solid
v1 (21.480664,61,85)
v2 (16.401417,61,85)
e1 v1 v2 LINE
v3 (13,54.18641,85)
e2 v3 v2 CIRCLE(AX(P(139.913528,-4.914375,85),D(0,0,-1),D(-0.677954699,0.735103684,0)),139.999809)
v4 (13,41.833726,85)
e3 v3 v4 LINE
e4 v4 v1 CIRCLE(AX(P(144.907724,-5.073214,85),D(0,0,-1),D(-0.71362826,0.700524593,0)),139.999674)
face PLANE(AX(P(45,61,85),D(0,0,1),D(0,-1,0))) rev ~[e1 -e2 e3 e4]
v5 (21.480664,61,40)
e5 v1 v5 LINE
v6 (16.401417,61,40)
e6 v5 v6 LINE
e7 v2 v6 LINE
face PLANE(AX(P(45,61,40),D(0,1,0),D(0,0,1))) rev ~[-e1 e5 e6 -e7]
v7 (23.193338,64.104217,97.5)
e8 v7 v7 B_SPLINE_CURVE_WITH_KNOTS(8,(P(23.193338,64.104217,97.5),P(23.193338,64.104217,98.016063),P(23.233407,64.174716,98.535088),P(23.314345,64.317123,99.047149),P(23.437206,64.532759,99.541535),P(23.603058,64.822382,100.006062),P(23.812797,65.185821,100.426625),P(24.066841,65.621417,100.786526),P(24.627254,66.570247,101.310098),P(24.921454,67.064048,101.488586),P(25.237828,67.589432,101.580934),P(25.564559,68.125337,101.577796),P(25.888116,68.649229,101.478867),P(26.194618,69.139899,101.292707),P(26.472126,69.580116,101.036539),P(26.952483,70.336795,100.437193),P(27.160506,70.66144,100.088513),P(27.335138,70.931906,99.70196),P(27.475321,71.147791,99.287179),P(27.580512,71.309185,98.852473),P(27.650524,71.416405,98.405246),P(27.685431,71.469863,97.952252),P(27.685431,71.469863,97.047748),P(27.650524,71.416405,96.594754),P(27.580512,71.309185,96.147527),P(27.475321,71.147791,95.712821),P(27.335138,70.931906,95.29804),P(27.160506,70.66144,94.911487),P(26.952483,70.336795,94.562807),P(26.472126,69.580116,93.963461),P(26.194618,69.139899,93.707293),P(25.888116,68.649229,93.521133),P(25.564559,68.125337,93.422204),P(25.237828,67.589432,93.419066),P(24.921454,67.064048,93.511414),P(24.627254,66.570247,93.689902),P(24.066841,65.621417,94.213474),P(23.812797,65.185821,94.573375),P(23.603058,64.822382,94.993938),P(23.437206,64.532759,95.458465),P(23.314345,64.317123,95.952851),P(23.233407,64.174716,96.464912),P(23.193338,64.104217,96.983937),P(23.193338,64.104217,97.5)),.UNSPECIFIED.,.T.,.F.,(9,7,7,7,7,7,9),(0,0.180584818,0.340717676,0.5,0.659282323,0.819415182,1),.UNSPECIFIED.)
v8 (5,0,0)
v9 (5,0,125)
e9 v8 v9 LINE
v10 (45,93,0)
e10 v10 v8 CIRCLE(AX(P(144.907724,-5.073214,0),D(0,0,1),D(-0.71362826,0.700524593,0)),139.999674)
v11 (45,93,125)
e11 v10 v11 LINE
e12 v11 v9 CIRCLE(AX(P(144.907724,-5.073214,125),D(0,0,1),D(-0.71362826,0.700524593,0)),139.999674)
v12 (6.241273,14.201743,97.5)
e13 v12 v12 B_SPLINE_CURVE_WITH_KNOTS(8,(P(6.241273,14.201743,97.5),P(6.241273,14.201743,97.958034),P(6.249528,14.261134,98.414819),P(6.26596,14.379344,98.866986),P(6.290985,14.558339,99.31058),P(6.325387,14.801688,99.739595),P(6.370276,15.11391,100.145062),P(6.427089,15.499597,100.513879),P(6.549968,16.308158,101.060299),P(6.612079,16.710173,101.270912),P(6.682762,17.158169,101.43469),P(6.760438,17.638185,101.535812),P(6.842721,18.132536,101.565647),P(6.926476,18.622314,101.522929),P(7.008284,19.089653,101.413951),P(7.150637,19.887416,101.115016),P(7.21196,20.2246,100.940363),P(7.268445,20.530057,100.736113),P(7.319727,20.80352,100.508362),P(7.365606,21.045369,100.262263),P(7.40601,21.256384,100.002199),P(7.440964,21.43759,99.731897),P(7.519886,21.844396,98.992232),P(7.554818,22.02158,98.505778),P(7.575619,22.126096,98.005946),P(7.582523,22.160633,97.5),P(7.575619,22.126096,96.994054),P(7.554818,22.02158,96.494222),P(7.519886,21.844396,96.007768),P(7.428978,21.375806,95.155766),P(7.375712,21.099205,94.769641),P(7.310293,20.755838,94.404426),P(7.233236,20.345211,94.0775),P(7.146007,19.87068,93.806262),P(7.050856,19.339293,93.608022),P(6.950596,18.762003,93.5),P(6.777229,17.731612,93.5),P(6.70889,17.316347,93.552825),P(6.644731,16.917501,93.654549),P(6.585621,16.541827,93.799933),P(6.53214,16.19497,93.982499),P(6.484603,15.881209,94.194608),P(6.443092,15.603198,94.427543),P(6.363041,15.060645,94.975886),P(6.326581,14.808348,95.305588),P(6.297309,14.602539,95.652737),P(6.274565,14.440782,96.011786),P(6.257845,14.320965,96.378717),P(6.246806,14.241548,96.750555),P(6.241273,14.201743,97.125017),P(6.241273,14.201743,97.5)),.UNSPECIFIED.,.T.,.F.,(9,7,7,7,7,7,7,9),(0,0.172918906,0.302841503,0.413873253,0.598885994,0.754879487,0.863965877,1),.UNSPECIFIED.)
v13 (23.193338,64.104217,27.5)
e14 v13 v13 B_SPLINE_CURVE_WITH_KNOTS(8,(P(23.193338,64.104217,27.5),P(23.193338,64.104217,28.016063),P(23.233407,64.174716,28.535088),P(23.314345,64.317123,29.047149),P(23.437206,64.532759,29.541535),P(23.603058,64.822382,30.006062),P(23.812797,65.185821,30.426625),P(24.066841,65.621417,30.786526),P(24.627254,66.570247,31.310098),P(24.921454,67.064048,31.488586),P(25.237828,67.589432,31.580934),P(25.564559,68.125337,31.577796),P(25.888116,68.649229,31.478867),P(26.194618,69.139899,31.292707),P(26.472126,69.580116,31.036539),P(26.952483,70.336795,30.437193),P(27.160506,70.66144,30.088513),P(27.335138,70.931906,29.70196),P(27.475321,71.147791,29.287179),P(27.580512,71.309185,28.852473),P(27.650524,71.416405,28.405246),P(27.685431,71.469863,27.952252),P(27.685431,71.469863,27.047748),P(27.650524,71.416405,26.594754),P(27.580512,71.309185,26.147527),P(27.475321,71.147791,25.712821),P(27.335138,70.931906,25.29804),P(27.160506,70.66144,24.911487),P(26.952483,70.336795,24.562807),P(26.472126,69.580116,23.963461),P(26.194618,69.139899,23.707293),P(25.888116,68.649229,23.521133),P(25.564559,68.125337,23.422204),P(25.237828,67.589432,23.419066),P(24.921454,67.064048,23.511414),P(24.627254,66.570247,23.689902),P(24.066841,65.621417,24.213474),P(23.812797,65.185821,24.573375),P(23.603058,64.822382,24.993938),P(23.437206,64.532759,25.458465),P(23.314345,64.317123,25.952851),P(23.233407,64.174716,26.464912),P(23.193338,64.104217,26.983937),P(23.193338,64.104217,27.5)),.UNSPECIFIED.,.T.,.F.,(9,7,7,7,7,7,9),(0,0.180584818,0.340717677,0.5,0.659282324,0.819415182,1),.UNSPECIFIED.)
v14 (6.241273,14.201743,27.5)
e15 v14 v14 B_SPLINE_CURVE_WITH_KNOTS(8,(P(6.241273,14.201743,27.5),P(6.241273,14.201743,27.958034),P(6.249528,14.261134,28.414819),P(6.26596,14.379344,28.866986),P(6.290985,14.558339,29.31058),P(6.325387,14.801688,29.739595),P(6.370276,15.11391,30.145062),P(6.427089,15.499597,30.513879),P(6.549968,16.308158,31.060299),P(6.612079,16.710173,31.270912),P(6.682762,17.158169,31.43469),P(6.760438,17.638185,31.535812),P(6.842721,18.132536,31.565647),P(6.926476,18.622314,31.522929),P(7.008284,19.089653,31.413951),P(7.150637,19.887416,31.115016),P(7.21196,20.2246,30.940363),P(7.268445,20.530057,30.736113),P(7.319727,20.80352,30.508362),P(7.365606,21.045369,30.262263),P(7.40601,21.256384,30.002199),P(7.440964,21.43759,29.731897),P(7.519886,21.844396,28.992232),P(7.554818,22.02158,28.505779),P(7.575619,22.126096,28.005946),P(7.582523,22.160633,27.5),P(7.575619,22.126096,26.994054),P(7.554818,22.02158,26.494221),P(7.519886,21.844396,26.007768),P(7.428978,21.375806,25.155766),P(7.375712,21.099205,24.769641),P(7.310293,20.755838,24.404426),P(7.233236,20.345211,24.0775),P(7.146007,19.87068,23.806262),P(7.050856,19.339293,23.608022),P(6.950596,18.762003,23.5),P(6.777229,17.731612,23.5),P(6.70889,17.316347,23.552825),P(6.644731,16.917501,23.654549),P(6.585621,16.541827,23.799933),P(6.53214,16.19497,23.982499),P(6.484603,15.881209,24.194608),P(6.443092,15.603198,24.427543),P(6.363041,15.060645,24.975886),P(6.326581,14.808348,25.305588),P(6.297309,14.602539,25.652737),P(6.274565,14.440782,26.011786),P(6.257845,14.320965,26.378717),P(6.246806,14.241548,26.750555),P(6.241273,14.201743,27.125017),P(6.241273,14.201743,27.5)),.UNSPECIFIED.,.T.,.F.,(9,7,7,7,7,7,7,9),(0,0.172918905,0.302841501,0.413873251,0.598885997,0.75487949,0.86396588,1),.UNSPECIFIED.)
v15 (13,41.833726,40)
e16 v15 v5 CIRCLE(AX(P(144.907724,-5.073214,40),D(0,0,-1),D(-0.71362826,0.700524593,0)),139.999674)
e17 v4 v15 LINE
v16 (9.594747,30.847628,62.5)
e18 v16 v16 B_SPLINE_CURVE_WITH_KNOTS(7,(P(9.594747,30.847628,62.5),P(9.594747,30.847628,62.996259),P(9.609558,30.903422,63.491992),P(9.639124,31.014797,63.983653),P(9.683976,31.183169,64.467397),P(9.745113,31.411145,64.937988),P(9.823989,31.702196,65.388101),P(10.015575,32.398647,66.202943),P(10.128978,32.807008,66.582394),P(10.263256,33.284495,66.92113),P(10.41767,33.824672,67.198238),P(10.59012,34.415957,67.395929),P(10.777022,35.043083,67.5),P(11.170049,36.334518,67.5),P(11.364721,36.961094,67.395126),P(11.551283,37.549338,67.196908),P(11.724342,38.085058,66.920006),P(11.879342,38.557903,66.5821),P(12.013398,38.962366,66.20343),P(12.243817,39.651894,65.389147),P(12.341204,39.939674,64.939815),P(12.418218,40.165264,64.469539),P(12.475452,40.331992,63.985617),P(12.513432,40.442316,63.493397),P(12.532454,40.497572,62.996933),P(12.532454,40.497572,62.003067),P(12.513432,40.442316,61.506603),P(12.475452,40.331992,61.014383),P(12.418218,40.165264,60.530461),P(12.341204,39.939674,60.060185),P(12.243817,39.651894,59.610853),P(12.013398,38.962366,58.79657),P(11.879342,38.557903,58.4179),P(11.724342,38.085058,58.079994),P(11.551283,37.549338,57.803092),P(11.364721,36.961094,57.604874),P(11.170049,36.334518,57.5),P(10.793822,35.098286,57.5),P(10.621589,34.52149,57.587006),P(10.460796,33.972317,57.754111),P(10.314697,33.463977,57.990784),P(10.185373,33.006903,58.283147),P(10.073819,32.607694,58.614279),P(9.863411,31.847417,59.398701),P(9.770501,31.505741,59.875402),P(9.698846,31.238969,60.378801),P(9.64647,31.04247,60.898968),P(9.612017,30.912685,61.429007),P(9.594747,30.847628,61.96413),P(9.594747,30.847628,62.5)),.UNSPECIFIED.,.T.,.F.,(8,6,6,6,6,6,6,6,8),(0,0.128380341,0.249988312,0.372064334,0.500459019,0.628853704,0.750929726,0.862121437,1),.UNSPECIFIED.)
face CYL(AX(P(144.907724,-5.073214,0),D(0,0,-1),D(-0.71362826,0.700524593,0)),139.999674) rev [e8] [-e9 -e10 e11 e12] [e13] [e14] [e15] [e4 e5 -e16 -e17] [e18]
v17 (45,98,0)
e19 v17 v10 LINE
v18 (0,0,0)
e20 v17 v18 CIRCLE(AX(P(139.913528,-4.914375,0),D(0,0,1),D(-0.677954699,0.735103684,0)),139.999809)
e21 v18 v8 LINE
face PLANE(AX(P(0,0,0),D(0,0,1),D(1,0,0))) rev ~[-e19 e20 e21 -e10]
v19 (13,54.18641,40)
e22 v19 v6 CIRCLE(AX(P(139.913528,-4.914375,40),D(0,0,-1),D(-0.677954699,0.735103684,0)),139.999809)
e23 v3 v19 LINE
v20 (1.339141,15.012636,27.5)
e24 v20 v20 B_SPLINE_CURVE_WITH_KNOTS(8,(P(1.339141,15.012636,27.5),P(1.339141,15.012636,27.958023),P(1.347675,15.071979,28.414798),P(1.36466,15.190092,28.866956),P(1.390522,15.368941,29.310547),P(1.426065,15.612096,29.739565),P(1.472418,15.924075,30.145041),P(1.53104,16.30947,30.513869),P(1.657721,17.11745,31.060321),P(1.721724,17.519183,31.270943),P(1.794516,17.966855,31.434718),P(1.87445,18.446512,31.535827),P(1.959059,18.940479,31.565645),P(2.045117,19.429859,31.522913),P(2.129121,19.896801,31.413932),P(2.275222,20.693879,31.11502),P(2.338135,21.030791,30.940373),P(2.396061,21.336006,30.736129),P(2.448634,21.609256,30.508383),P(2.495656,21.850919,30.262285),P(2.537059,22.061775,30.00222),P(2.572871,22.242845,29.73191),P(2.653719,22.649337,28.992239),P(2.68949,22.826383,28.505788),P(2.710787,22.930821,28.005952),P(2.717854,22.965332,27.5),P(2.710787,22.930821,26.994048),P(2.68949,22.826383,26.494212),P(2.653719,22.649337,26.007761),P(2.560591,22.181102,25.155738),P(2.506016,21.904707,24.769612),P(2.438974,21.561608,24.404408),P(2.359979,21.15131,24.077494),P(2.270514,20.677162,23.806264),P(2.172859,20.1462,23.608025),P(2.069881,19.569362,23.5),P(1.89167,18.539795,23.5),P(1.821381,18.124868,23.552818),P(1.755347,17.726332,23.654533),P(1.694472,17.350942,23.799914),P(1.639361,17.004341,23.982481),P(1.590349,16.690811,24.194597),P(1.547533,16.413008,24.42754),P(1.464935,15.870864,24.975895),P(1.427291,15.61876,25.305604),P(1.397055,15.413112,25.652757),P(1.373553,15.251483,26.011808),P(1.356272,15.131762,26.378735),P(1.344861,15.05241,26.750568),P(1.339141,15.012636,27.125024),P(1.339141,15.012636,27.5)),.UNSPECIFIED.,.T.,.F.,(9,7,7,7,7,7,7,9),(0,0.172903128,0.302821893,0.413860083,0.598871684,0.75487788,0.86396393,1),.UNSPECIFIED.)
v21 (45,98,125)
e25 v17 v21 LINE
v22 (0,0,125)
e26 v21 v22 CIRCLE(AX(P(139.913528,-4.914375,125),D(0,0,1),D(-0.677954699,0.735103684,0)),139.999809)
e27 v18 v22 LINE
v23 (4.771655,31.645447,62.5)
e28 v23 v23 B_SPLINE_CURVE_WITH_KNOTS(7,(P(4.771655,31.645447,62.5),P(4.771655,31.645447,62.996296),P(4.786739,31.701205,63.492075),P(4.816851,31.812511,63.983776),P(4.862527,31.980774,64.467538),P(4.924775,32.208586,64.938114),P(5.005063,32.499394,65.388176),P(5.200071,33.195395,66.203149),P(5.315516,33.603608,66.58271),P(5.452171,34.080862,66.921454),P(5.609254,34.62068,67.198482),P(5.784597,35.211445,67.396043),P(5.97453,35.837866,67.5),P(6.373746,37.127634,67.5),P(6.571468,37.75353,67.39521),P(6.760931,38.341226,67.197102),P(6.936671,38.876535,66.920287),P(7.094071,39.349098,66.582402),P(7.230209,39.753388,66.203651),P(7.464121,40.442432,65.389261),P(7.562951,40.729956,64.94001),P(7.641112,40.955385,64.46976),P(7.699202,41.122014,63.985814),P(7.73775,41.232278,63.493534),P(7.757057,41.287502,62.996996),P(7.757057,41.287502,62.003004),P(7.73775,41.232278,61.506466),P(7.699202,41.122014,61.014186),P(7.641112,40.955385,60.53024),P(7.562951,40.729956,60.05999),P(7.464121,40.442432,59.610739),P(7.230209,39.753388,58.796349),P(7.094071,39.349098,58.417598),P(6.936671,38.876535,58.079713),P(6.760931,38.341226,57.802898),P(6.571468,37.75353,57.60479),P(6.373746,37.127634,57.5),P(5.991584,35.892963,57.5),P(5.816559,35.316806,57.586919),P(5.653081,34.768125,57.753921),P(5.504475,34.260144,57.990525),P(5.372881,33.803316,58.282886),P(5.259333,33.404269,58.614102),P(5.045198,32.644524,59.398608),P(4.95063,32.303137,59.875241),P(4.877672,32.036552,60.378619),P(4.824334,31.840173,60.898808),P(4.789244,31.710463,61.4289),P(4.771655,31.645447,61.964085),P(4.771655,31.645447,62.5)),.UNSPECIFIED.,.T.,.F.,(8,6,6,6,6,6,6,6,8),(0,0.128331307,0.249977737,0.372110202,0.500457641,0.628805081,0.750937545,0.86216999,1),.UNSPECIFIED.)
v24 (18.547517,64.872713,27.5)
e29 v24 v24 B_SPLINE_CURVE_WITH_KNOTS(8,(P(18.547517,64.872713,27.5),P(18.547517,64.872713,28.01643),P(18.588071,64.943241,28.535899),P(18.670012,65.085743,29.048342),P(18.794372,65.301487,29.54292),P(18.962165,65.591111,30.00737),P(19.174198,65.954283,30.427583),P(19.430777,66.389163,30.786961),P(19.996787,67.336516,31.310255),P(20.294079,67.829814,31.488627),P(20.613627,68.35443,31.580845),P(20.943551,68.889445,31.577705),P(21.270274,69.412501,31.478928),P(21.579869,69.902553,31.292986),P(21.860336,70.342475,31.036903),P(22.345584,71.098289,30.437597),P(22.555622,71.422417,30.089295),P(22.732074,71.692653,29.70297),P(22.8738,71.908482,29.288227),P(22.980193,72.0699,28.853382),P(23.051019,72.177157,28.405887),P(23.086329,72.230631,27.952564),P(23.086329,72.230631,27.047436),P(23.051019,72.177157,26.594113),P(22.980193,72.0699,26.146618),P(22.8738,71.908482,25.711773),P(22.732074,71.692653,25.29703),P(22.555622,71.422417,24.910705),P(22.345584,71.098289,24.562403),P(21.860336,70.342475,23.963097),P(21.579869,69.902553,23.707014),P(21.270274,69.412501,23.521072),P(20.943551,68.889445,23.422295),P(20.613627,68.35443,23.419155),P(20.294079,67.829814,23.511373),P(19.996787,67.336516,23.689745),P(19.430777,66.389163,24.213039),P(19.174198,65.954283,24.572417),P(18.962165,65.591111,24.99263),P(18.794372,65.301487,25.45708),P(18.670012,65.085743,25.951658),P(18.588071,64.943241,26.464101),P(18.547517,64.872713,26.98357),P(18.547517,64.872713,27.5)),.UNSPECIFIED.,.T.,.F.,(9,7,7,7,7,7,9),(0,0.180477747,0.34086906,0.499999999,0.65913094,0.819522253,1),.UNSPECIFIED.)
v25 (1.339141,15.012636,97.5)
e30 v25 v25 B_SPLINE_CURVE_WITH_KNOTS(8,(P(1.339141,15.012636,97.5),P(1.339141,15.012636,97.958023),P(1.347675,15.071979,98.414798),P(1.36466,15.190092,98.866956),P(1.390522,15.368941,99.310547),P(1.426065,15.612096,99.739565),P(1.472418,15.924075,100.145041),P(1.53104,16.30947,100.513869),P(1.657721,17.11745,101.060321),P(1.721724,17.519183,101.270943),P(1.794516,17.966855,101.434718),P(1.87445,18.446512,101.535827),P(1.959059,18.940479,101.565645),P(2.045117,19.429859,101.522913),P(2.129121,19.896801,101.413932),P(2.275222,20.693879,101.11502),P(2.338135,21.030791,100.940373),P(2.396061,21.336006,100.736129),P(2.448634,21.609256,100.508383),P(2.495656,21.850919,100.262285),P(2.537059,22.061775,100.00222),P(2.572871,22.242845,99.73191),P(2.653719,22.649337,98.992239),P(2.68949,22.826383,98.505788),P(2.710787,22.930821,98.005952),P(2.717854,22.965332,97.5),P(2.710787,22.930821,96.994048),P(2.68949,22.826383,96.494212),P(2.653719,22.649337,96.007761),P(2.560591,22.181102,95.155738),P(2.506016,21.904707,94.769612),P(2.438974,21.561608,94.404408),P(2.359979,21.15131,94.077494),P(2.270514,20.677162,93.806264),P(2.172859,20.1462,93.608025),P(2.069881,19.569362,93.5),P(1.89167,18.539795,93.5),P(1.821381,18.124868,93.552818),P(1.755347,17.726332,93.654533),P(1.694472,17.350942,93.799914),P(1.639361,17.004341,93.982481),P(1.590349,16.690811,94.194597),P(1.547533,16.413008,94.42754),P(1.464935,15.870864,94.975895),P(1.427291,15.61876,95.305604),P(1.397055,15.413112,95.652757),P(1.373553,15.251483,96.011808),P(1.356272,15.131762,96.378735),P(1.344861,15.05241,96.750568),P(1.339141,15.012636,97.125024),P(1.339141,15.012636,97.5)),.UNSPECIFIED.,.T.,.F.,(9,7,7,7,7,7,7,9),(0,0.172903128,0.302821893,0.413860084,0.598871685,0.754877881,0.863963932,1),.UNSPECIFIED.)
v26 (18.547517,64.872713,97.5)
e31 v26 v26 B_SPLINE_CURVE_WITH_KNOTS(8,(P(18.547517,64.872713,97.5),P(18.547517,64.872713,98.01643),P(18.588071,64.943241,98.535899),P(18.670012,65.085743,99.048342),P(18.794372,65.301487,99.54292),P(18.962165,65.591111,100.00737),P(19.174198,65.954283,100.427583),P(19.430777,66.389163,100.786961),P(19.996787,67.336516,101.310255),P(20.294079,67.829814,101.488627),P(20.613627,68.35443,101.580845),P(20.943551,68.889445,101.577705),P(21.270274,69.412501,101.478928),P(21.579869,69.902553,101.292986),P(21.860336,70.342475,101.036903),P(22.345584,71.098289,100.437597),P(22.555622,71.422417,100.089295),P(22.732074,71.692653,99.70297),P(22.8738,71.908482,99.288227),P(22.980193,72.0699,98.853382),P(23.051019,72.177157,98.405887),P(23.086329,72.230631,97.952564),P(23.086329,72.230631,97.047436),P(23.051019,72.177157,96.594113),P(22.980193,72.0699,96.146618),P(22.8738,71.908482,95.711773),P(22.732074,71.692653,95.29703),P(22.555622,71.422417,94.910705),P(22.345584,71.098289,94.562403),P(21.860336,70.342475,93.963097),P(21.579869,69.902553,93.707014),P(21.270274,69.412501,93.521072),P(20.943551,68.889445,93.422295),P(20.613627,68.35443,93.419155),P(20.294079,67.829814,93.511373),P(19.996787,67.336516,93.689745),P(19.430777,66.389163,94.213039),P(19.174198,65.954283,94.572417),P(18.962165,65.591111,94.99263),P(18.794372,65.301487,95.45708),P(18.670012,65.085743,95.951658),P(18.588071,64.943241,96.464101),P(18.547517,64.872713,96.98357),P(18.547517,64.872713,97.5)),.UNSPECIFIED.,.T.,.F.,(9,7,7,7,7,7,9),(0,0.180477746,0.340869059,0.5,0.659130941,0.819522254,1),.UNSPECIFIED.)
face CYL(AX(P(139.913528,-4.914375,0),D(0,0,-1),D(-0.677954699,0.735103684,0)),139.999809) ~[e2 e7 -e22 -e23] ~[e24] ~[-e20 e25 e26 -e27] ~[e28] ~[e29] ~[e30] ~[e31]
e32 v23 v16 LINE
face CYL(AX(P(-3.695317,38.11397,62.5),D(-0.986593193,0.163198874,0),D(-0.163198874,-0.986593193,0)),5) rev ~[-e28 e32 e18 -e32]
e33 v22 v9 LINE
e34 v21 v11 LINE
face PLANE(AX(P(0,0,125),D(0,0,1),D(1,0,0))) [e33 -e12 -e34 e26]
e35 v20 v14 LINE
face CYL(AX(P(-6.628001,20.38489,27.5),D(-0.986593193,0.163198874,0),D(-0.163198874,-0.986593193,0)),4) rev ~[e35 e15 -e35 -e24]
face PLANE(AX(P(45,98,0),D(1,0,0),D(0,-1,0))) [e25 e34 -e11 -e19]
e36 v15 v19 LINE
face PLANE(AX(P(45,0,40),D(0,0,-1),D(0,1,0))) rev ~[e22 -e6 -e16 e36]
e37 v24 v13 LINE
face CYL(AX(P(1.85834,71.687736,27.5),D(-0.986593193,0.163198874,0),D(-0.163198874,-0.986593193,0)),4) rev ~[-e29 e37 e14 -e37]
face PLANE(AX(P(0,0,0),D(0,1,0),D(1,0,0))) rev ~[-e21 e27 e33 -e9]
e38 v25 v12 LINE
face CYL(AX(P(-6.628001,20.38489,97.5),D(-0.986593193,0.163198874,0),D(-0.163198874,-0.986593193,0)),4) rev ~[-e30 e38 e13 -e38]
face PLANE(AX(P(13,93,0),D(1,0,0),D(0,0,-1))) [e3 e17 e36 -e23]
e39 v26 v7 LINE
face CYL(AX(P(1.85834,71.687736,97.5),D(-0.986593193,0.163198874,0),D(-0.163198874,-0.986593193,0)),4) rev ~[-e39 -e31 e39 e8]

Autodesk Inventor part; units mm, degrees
ref_plane "YZ Plane" through (0, 0, 0) normal (1, 0, 0) x (0, 1, 0)
sketch "Sketch1" plane through (0, 0, 0) normal (0, 0, 1) x (1, 0, 0)
  arc A0 (45, 98) -> (0, 0) centre (139.9137, -4.9145) ccw
  line L0 (45, 98) -> (45, 93)
  line L1 (0, 0) -> (5, 0)
  arc A1 (45, 93) -> (5, 0) centre (144.908, -5.0734) ccw
  dimension "d0" = 140
  dimension "d1" = 98
  dimension "d3" = 45
  dimension "d4" = 5
  dimension "d5" = 5
  dimension "d6" = 140
extrude "Extrusion1" add sketch "Sketch1" along normal blind 125
ref_plane "Work Plane1" through (0, 0, 62.5) normal (0, 0, -1) x (-1, 0, 0)
ref_plane "Work Plane2" through (-10, 0, 62.5) normal (-0.9866, 0.1632, 0) x (-0.1632, -0.9866, 0)
sketch "Sketch2" plane through (-10, 0, 62.5) normal (-0.9866, 0.1632, 0) x (-0.1632, -0.9866, 0)
  circle A0 centre (-20.6619, -35) radius 4
  circle A1 centre (-72.6619, -35) radius 4
  circle A2 centre (-20.6619, 35) radius 4
  circle A3 centre (-72.6619, 35) radius 4
  line L0 (0, 42.5) -> (0, -42.5)
  line L1 (-72.6619, 35) -> (-20.6619, 35) construction
  line L2 (-20.6619, 35) -> (-20.6619, -35) construction
  line L3 (-20.6619, -35) -> (-72.6619, -35) construction
  line L4 (-72.6619, -35) -> (-72.6619, 35) construction
  line L5 (-105.6619, -42.5) -> (-105.6619, 42.5)
  point P0 (0, 0)
  point P1 (-20.6619, 0)
  point P2 (0, 0)
  dimension "d9" = 8
  dimension "d10" = 8
  dimension "d12" = 52
  dimension "d14" = 8
  dimension "d15" = 8
  dimension "d16" = 70
  dimension "d23" = 33
extrude "Extrusion2" cut sketch "Sketch2" against normal through all
sketch "Sketch4" plane through (-10, 0, 62.5) normal (-0.9866, 0.1632, 0) x (-0.1632, -0.9866, 0)
  circle A0 centre (-38.6319, 0) radius 5
  line L0 (-1.6319, 62.5) -> (-1.6319, -62.5)
  point P0 (-1.6319, 0)
  dimension "d24" = 10
  dimension "d25" = 37
extrude "Extrusion4" cut sketch "Sketch4" against normal through all
sketch "Sketch5" plane through (45, 93, 0) normal (1, 0, 0) x (0, 0, -1)
  line L0 (-40, -32) -> (-85, -32)
  line L1 (-85, -32) -> (-85, -93)
  line L2 (-85, -93) -> (-40, -93)
  line L3 (-40, -93) -> (-40, -32)
  line L4 (0, -93) -> (-125, -93) projected
  line L5 (0, 0) -> (-125, 0) projected
  point P0 (-62.5, -32)
  point P1 (-62.5, -93)
  point P2 (-62.5, -93)
  dimension "d28" = 45
  dimension "d31" = 32
extrude "Extrusion5" cut sketch "Sketch5" against normal blind 32
properties part number "SJ009" material "ABS Plastic"
